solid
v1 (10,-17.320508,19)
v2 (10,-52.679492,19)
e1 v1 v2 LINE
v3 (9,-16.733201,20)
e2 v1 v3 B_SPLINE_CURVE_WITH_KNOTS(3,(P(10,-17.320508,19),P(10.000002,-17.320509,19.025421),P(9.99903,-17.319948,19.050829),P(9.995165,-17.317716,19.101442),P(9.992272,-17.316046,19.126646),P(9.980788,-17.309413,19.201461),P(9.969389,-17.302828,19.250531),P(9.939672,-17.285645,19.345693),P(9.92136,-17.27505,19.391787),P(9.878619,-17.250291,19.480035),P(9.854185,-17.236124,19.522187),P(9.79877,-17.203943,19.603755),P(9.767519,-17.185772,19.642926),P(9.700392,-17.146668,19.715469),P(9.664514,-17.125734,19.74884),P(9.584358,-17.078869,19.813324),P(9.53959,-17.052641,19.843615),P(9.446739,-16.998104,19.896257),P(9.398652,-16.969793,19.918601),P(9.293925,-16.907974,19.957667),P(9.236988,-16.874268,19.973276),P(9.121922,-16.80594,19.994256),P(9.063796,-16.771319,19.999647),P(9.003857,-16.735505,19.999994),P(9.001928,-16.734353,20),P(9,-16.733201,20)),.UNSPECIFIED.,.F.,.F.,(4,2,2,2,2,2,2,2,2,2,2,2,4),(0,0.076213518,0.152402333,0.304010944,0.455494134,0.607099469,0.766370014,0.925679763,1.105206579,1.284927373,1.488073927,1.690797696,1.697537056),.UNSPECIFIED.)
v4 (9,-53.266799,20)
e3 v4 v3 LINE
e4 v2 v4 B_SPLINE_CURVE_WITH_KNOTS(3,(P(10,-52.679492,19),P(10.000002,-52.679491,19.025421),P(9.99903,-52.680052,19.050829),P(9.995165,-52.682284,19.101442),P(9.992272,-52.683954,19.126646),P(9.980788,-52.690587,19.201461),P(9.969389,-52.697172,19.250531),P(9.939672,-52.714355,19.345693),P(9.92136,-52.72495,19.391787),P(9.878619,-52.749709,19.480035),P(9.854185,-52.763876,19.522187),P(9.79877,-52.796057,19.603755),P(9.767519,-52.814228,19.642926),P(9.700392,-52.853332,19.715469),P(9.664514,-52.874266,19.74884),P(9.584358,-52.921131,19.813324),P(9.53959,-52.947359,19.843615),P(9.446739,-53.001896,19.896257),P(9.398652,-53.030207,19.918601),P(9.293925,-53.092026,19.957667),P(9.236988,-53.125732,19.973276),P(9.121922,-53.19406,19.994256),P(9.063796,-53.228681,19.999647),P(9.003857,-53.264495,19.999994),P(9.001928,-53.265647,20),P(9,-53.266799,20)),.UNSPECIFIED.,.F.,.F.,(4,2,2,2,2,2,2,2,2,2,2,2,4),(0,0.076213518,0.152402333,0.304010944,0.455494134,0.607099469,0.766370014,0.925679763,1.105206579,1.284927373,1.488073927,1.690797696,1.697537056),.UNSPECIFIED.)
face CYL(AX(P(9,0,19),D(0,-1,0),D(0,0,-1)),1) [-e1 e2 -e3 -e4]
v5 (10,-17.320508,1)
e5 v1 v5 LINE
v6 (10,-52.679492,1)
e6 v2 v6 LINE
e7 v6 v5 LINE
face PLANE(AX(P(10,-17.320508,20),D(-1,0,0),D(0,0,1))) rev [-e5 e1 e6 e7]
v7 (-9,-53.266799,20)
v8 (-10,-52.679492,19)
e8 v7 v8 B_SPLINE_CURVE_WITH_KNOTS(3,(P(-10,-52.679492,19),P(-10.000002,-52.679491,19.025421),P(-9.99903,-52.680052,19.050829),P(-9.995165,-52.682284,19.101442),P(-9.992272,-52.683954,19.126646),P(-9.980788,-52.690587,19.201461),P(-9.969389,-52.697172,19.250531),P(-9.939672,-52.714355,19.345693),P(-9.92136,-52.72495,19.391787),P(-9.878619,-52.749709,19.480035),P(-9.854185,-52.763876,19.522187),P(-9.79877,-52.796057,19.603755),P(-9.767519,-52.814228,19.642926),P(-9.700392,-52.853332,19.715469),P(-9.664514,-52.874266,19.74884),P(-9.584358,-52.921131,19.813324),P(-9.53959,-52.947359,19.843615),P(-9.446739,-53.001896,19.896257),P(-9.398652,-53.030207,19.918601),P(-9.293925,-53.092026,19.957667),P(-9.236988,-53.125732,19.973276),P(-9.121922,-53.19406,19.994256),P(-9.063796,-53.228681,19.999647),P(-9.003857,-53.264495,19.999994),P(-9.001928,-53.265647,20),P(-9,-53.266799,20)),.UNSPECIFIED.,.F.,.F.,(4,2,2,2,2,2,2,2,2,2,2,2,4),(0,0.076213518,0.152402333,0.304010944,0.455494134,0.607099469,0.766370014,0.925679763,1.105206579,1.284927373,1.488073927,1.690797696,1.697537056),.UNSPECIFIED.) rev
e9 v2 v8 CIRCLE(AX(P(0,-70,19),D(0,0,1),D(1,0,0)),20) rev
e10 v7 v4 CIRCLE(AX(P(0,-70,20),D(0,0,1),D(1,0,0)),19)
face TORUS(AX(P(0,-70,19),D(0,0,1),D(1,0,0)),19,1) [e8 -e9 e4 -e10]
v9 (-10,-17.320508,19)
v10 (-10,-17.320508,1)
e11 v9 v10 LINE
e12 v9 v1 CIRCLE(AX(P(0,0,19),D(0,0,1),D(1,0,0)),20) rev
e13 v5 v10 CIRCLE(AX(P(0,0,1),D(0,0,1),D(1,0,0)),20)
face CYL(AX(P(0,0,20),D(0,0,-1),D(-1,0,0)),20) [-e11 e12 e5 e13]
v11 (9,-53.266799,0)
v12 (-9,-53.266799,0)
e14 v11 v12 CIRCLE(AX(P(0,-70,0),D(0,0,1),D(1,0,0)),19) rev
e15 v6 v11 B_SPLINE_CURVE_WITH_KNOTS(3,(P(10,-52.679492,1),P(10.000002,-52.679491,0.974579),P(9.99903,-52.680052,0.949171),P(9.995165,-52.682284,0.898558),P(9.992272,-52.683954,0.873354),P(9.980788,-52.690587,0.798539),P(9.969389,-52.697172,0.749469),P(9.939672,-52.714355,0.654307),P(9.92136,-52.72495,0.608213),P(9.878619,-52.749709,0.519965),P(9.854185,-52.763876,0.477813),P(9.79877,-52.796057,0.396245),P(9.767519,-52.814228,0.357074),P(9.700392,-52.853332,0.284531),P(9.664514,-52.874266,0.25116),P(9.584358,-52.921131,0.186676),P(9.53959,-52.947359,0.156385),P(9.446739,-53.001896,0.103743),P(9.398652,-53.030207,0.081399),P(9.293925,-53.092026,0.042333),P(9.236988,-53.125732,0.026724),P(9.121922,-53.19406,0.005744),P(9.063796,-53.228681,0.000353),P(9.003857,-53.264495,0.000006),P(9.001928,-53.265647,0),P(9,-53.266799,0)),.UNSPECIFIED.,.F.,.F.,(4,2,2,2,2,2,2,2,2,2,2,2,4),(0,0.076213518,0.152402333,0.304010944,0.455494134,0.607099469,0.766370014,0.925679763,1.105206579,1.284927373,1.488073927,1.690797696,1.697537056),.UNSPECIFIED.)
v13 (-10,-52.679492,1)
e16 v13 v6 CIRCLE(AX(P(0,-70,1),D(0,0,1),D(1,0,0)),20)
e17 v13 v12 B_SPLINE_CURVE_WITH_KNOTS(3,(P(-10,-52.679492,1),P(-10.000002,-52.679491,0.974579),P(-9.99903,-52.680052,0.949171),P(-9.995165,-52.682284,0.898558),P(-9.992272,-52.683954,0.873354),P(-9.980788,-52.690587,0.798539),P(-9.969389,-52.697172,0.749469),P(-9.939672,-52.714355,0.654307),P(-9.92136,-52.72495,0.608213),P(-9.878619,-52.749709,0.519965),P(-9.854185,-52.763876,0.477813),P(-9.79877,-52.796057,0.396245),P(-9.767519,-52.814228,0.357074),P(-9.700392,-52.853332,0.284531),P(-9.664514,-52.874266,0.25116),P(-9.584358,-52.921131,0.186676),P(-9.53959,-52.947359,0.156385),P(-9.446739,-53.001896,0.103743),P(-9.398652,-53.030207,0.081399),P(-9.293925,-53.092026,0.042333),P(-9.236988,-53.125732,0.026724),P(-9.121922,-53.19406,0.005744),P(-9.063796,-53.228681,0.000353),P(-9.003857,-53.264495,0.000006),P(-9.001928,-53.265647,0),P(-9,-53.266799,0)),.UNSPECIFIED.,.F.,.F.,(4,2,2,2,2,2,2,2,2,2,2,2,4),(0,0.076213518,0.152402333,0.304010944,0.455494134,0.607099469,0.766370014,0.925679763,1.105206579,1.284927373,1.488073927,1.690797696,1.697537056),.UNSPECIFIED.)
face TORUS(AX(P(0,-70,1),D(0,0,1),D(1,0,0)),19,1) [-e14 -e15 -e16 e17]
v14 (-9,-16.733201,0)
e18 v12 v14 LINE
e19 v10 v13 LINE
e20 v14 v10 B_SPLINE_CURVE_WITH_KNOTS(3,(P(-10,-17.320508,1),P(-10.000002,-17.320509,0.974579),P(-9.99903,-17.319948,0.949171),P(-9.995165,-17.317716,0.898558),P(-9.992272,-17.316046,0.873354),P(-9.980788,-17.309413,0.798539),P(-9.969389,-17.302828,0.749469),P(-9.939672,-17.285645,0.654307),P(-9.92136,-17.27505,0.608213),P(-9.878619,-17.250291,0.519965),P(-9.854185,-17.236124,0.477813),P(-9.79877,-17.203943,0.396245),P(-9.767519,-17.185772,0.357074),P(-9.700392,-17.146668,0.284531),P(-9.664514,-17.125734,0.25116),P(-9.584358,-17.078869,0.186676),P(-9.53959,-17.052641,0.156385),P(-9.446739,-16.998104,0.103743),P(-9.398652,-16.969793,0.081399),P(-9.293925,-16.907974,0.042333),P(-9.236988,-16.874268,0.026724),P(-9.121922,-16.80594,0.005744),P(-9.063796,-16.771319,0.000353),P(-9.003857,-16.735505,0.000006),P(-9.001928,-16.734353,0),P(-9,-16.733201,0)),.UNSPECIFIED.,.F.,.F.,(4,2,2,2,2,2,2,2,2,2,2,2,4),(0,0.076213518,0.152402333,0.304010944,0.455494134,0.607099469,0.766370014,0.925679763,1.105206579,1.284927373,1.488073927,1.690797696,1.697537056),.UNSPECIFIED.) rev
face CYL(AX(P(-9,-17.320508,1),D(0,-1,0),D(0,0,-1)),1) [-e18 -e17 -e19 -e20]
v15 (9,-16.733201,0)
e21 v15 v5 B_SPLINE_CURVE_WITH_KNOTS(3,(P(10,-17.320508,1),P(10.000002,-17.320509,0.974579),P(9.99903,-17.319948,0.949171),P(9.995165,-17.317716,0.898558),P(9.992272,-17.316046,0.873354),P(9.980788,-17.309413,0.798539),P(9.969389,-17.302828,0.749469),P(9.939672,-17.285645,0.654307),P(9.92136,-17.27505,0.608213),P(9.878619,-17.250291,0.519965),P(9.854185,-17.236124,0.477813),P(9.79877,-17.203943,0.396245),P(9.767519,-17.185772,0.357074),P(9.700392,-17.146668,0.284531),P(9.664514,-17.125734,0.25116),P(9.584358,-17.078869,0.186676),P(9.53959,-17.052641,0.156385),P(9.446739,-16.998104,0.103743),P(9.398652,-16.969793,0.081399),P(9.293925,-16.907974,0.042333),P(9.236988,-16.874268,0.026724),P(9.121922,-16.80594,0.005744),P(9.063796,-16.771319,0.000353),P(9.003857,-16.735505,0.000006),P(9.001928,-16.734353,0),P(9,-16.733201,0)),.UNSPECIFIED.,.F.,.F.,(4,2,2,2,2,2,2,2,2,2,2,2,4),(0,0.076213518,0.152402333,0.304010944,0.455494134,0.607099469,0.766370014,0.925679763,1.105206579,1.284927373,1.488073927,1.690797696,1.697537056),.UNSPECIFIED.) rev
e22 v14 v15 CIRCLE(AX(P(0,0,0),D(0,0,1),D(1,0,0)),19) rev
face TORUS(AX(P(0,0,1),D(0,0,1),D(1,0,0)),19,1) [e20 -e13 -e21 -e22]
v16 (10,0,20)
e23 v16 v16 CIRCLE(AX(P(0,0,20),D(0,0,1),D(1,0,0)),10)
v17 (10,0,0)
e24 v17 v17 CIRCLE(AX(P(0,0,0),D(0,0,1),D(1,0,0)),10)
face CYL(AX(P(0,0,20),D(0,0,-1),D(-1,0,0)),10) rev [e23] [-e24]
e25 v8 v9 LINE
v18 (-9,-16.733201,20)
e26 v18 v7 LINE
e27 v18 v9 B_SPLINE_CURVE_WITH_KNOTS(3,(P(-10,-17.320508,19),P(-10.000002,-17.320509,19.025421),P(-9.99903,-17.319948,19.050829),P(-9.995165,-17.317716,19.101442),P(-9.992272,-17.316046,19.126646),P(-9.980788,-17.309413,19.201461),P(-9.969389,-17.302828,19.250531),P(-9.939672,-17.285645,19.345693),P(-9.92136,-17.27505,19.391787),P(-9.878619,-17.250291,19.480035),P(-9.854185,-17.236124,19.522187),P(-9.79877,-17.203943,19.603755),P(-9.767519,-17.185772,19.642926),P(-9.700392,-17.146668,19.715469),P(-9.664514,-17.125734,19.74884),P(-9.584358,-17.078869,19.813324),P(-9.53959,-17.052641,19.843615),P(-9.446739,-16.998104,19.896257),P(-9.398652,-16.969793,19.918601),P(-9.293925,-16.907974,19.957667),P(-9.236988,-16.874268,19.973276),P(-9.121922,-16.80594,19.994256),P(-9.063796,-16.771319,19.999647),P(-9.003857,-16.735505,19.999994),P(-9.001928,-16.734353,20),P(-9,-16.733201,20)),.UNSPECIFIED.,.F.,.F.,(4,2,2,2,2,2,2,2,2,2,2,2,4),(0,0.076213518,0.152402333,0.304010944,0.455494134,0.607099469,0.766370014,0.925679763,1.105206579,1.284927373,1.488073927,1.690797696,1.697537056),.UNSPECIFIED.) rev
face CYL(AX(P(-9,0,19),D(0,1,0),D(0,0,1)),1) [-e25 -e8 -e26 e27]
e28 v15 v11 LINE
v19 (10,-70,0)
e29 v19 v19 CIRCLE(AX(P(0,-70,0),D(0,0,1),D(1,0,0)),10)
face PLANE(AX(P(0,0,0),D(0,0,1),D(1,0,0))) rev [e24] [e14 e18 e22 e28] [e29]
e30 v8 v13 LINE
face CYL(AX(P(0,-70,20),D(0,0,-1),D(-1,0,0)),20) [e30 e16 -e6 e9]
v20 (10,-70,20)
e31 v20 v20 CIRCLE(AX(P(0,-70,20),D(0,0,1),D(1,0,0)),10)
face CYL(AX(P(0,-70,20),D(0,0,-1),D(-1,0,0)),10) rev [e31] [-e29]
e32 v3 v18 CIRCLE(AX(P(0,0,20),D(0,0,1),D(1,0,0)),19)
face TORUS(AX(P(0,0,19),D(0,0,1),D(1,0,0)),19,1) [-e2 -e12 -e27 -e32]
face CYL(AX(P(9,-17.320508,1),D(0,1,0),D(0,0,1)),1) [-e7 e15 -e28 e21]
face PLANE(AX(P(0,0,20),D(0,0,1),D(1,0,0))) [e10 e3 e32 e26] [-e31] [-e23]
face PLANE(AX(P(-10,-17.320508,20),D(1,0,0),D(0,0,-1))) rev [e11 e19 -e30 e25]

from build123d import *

# Parameters (mm, degrees)
ESQUISSE1_R        = 10
BOSS_EXTRU_1_DEPTH = 20
CONG_2_R           = 1


with BuildPart() as part:
    # Esquisse1 → Boss.-Extru.1 (new body)
    with BuildSketch(Plane.XY):
        with BuildLine():
            Line((-10, -17.320508076), (-10, -52.679491924))
            ThreePointArc((-10, -52.679491924), (0, -90), (10, -52.679491924))
            Line((10, -52.679491924), (10, -17.320508076))
            ThreePointArc((10, -17.320508076), (0, 20), (-10, -17.320508076))
        make_face()
        Circle(ESQUISSE1_R, mode=Mode.SUBTRACT)
        with Locations((0, -70)):
            Circle(ESQUISSE1_R, mode=Mode.SUBTRACT)
    extrude(amount=BOSS_EXTRU_1_DEPTH)

    # Congé2
    cong_2_edges = [part.edges().sort_by_distance(p)[0] for p in [
        (0, -90, 20),
        (10, -35, 20),
        (0, 20, 20),
        (10, -35, 0),
        (0, -90, 0),
        (-10, -35, 0),
        (0, 20, 0),
        (-10, -35, 20),
    ]]
    fillet(cong_2_edges, radius=CONG_2_R)


solid = part.part
